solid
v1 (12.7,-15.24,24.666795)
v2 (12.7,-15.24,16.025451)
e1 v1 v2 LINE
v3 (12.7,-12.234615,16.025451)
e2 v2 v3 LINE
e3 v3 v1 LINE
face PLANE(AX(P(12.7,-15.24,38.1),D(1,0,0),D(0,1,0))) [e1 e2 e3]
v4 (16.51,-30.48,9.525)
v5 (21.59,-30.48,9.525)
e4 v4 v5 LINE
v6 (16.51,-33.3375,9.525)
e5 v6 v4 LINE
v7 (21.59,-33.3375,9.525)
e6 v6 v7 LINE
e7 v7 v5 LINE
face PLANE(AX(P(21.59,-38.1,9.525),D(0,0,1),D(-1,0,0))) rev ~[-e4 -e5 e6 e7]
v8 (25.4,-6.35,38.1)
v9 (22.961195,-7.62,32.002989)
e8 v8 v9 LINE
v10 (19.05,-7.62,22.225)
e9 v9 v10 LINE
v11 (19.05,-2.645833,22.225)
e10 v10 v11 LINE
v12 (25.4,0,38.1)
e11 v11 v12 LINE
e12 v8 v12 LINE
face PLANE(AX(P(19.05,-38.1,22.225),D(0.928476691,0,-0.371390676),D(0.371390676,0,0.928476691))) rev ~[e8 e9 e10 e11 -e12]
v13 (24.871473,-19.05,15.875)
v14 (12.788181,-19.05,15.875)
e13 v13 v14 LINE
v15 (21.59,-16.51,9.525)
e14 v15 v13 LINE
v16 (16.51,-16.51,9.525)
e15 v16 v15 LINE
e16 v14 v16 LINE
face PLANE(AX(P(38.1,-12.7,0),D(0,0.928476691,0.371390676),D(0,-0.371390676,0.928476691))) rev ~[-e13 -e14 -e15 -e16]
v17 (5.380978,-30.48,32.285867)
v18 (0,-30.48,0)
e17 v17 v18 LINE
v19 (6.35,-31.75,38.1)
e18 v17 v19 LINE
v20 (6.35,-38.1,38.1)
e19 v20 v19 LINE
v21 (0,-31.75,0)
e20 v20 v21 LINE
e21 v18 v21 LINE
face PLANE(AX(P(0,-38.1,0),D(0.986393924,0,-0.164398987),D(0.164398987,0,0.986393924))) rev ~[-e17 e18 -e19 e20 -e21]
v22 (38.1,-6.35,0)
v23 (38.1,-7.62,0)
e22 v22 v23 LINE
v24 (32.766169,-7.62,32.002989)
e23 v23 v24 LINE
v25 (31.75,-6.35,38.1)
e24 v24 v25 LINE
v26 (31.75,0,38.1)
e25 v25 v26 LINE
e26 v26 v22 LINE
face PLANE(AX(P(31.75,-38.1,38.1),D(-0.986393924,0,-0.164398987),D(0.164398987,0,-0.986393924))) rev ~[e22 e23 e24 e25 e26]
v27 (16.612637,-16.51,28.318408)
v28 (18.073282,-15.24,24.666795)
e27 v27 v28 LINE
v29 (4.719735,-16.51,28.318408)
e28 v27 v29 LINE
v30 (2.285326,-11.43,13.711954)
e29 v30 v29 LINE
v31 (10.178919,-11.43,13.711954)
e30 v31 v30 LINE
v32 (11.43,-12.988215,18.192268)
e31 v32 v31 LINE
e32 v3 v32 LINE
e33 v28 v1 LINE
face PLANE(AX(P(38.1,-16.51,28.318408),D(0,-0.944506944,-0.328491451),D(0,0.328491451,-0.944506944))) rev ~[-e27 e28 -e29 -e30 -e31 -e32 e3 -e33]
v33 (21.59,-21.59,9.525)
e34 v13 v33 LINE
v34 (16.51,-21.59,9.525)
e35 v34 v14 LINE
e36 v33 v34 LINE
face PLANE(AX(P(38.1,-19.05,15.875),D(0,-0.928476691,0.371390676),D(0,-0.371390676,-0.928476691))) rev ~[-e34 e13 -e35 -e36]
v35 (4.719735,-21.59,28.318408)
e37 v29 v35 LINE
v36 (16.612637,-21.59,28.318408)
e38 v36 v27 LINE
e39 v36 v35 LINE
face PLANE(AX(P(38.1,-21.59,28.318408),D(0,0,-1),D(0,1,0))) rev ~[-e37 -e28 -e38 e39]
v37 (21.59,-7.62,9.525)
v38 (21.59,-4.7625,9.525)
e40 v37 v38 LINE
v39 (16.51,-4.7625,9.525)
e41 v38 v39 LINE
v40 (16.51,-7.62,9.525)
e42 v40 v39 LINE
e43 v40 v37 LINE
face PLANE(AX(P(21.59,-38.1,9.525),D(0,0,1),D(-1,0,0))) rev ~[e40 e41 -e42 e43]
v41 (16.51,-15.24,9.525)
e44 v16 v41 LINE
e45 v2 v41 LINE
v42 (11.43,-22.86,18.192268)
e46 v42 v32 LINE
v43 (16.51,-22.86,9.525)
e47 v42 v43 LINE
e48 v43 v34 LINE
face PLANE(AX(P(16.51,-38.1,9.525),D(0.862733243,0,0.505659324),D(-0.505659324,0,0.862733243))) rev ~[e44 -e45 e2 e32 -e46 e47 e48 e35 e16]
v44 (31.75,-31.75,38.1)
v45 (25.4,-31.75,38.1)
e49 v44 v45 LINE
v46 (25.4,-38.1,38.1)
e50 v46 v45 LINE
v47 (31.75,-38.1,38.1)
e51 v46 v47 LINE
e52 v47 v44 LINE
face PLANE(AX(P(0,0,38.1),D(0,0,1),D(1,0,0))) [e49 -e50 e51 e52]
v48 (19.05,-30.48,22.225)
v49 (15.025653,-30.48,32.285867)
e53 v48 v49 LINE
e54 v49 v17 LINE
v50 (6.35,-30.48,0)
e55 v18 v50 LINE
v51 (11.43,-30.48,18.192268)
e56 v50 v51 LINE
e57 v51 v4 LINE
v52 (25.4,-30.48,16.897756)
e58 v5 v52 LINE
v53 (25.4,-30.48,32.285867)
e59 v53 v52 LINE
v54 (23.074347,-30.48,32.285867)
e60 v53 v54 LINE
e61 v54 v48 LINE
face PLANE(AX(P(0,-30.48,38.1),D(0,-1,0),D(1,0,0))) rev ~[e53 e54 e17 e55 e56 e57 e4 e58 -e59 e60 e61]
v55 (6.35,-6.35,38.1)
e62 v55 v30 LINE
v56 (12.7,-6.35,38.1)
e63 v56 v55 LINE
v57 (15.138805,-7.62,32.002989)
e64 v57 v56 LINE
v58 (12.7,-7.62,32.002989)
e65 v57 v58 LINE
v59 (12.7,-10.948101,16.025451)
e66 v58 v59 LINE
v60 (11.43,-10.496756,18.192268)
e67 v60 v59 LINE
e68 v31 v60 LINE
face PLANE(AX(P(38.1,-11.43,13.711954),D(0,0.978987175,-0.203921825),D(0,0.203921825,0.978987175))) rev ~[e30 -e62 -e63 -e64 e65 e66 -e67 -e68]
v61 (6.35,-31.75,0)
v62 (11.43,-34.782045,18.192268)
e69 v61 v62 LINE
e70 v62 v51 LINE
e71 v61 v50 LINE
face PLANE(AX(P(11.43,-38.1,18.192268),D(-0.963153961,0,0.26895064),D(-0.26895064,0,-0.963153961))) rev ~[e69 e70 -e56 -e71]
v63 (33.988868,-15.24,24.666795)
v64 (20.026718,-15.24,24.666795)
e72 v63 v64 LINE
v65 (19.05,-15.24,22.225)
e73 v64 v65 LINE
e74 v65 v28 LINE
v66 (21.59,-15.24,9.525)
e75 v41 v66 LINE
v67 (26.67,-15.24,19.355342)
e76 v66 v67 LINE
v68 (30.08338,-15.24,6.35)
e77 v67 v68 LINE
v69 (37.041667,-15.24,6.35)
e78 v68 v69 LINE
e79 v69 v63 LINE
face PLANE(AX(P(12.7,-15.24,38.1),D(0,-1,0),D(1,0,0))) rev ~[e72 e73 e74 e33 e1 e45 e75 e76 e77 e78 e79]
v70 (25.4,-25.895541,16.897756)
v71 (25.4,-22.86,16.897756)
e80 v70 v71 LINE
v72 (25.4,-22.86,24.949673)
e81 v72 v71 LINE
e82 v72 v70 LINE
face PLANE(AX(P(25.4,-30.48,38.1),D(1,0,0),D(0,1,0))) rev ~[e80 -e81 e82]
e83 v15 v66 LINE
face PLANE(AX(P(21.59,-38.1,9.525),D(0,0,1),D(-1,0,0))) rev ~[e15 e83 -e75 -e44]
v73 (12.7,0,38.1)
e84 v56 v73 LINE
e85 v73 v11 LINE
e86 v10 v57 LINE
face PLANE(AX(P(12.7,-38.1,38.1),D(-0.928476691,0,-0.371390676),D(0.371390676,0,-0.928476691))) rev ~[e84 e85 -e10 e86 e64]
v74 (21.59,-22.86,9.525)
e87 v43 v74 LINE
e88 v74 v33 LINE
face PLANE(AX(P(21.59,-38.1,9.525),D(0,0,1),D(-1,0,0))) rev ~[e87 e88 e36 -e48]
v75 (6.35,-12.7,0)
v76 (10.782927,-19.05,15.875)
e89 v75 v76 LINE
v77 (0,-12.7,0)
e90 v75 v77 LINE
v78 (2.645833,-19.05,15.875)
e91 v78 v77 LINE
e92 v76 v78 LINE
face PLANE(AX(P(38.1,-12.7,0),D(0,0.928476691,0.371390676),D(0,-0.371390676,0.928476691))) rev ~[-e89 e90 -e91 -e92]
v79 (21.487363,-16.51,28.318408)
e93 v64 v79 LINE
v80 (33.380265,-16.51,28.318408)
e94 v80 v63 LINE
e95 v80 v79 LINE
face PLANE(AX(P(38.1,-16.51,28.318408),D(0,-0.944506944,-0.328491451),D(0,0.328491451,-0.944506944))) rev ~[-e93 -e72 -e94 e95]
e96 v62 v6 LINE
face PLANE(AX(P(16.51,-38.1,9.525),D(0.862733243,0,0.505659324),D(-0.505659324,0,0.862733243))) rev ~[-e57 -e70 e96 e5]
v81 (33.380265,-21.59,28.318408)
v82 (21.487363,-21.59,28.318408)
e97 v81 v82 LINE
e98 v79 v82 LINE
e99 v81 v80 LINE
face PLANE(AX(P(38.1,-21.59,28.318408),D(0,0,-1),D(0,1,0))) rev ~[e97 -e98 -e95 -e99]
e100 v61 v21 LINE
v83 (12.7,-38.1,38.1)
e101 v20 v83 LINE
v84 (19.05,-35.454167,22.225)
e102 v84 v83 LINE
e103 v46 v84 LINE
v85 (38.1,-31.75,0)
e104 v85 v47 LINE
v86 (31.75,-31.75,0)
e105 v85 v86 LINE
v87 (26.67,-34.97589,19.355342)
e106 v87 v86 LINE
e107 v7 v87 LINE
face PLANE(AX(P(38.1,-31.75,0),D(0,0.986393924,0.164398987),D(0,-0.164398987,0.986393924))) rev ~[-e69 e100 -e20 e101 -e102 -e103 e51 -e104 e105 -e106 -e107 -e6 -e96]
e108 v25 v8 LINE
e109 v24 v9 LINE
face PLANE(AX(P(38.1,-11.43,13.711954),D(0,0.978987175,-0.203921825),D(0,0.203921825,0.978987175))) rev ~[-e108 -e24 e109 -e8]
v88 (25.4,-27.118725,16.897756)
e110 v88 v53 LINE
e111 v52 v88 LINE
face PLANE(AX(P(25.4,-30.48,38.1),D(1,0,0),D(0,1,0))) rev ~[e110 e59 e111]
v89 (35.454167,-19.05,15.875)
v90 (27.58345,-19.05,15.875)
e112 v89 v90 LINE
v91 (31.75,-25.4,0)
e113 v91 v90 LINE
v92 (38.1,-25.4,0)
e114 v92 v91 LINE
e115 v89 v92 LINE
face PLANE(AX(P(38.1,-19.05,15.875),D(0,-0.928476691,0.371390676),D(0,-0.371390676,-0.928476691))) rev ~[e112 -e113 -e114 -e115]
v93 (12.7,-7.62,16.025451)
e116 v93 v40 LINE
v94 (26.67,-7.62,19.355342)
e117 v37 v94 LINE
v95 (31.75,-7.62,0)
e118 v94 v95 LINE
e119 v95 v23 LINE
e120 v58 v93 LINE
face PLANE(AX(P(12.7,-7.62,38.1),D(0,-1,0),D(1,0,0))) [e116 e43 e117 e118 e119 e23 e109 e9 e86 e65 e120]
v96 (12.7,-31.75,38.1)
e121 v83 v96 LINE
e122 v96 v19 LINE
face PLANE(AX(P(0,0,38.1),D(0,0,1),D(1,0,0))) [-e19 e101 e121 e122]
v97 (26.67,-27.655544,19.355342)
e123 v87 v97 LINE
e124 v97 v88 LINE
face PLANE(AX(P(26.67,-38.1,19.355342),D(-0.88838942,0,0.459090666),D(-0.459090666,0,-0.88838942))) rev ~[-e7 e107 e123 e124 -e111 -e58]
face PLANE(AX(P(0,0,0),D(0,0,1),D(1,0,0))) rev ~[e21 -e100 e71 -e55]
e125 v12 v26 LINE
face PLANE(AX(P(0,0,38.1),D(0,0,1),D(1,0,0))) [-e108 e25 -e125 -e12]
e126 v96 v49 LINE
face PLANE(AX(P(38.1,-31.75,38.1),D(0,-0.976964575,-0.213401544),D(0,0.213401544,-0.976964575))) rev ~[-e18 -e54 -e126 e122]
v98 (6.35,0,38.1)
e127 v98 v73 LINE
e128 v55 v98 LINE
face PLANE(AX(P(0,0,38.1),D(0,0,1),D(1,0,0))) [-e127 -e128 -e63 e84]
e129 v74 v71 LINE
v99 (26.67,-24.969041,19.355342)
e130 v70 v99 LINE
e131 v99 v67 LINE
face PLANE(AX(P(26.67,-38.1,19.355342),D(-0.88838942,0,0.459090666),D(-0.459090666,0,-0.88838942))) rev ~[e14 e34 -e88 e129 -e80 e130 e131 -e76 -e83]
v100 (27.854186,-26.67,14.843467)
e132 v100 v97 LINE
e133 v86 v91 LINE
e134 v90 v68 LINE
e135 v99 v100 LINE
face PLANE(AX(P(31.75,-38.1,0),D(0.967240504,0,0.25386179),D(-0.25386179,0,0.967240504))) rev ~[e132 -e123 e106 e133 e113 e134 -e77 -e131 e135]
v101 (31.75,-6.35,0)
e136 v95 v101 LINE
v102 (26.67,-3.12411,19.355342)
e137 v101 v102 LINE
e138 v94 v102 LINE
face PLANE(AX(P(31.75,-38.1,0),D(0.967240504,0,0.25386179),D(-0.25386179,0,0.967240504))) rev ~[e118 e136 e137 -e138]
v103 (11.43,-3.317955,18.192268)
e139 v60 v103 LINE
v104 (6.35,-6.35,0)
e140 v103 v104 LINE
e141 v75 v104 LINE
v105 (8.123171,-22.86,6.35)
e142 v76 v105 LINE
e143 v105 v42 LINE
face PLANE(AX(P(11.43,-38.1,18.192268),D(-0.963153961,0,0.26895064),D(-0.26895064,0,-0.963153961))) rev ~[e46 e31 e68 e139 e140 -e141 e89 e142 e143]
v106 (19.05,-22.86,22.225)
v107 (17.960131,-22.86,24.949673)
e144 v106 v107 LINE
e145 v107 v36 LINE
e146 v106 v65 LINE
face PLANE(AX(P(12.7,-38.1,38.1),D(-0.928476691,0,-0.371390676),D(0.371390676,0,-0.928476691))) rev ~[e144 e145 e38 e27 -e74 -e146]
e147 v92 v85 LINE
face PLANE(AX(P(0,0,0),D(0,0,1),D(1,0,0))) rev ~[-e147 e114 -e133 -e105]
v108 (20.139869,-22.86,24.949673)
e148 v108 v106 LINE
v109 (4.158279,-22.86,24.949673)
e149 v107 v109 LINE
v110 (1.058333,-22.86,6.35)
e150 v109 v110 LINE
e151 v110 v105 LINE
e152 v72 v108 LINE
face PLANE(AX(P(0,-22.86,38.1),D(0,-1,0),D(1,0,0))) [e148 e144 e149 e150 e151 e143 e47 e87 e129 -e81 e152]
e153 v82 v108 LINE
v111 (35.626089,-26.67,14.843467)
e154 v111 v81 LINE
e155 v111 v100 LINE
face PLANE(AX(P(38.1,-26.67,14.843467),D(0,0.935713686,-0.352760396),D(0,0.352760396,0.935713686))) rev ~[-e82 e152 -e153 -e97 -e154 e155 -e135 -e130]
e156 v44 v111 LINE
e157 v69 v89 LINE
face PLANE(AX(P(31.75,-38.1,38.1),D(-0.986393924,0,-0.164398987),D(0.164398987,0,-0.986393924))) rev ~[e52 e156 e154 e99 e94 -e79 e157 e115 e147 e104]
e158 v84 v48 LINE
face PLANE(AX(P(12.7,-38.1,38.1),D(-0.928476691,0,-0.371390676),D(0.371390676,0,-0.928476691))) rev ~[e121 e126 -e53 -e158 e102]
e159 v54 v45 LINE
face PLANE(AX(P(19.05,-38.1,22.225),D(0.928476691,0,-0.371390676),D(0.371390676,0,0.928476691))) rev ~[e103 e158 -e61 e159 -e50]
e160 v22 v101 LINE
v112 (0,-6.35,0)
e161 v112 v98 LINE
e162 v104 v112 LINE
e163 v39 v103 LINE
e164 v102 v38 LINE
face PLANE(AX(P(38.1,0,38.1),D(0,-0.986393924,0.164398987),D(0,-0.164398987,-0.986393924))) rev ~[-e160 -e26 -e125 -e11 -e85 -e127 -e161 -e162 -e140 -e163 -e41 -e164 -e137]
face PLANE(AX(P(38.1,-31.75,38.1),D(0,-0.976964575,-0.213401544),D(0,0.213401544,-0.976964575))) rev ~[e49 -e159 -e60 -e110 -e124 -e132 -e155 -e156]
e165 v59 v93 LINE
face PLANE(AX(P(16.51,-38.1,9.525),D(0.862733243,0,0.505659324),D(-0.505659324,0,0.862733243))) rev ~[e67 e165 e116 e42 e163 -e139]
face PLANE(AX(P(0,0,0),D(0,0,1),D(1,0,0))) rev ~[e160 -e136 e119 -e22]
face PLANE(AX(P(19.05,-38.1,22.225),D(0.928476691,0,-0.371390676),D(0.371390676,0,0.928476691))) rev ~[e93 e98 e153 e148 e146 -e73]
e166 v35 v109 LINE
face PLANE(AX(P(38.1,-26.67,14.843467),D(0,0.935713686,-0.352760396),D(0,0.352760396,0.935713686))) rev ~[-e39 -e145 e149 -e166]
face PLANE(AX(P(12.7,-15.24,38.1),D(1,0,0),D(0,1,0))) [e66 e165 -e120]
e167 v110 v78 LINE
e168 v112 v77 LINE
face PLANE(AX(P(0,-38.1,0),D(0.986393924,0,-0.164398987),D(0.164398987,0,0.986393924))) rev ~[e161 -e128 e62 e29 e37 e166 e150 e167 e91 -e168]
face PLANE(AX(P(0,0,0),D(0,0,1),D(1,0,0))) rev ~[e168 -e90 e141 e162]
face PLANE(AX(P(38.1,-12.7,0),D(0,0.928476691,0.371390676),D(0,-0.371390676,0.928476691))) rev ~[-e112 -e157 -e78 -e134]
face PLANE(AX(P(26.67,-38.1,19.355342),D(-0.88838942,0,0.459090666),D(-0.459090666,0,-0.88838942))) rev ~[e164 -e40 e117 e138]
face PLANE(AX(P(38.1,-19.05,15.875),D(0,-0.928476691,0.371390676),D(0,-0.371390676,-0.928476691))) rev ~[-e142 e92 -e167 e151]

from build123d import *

# Parameters (mm, degrees)
F0_W      = 38.1
F0_H      = 38.1
F1_DEPTH  = 38.1
F6_DEPTH  = 38.1
F8_DEPTH  = 38.1
F9_W      = 25.4
F9_H      = 7.62
F10_DEPTH = 38.1


with BuildPart() as f1:
    # F0 (on Front) → F1 (new body)
    with BuildSketch(Plane.XZ):
        with Locations((19.05, 19.05)):
            Rectangle(F0_W, F0_H)
    extrude(amount=F1_DEPTH)

    # F5 (on offset) → F6 (cut)
    with BuildSketch(Plane.YZ.offset(38.1)):
        Polygon((-31.75, 0), (-38.1, 38.1), (-38.1, 0), align=None)
        Polygon((-11.43, 13.711954), (-6.35, 38.1), (-31.75, 38.1), (-26.67, 14.843467), (-21.59, 28.318408), (-16.51, 28.318408), align=None)
        Polygon((-25.4, 0), (-12.7, 0), (-19.05, 15.875), align=None)
        Polygon((-6.35, 0), (0, 0), (0, 38.1), align=None)
    extrude(amount=-F6_DEPTH, mode=Mode.SUBTRACT)

    # F7 (on offset) → F8 (cut)
    with BuildSketch(Plane.XZ.offset(38.1)):
        Polygon((0, 38.1), (0, 0), (6.35, 38.1), align=None)
        Polygon((25.4, 38.1), (12.7, 38.1), (19.05, 22.225), align=None)
        Polygon((11.43, 18.192268), (6.35, 0), (31.75, 0), (26.67, 19.355342), (21.59, 9.525), (16.51, 9.525), align=None)
        Polygon((31.75, 38.1), (38.1, 0), (38.1, 38.1), align=None)
    extrude(amount=-F8_DEPTH, mode=Mode.SUBTRACT)

    # F9 (on offset) → F10 (cut)
    with BuildSketch(Plane.XY.offset(38.1)):
        with Locations((25.4, -11.43)):
            Rectangle(F9_W, F9_H)
        with Locations((12.7, -26.67)):
            Rectangle(F9_W, F9_H)
    extrude(amount=-F10_DEPTH, mode=Mode.SUBTRACT)


solid = f1.part
